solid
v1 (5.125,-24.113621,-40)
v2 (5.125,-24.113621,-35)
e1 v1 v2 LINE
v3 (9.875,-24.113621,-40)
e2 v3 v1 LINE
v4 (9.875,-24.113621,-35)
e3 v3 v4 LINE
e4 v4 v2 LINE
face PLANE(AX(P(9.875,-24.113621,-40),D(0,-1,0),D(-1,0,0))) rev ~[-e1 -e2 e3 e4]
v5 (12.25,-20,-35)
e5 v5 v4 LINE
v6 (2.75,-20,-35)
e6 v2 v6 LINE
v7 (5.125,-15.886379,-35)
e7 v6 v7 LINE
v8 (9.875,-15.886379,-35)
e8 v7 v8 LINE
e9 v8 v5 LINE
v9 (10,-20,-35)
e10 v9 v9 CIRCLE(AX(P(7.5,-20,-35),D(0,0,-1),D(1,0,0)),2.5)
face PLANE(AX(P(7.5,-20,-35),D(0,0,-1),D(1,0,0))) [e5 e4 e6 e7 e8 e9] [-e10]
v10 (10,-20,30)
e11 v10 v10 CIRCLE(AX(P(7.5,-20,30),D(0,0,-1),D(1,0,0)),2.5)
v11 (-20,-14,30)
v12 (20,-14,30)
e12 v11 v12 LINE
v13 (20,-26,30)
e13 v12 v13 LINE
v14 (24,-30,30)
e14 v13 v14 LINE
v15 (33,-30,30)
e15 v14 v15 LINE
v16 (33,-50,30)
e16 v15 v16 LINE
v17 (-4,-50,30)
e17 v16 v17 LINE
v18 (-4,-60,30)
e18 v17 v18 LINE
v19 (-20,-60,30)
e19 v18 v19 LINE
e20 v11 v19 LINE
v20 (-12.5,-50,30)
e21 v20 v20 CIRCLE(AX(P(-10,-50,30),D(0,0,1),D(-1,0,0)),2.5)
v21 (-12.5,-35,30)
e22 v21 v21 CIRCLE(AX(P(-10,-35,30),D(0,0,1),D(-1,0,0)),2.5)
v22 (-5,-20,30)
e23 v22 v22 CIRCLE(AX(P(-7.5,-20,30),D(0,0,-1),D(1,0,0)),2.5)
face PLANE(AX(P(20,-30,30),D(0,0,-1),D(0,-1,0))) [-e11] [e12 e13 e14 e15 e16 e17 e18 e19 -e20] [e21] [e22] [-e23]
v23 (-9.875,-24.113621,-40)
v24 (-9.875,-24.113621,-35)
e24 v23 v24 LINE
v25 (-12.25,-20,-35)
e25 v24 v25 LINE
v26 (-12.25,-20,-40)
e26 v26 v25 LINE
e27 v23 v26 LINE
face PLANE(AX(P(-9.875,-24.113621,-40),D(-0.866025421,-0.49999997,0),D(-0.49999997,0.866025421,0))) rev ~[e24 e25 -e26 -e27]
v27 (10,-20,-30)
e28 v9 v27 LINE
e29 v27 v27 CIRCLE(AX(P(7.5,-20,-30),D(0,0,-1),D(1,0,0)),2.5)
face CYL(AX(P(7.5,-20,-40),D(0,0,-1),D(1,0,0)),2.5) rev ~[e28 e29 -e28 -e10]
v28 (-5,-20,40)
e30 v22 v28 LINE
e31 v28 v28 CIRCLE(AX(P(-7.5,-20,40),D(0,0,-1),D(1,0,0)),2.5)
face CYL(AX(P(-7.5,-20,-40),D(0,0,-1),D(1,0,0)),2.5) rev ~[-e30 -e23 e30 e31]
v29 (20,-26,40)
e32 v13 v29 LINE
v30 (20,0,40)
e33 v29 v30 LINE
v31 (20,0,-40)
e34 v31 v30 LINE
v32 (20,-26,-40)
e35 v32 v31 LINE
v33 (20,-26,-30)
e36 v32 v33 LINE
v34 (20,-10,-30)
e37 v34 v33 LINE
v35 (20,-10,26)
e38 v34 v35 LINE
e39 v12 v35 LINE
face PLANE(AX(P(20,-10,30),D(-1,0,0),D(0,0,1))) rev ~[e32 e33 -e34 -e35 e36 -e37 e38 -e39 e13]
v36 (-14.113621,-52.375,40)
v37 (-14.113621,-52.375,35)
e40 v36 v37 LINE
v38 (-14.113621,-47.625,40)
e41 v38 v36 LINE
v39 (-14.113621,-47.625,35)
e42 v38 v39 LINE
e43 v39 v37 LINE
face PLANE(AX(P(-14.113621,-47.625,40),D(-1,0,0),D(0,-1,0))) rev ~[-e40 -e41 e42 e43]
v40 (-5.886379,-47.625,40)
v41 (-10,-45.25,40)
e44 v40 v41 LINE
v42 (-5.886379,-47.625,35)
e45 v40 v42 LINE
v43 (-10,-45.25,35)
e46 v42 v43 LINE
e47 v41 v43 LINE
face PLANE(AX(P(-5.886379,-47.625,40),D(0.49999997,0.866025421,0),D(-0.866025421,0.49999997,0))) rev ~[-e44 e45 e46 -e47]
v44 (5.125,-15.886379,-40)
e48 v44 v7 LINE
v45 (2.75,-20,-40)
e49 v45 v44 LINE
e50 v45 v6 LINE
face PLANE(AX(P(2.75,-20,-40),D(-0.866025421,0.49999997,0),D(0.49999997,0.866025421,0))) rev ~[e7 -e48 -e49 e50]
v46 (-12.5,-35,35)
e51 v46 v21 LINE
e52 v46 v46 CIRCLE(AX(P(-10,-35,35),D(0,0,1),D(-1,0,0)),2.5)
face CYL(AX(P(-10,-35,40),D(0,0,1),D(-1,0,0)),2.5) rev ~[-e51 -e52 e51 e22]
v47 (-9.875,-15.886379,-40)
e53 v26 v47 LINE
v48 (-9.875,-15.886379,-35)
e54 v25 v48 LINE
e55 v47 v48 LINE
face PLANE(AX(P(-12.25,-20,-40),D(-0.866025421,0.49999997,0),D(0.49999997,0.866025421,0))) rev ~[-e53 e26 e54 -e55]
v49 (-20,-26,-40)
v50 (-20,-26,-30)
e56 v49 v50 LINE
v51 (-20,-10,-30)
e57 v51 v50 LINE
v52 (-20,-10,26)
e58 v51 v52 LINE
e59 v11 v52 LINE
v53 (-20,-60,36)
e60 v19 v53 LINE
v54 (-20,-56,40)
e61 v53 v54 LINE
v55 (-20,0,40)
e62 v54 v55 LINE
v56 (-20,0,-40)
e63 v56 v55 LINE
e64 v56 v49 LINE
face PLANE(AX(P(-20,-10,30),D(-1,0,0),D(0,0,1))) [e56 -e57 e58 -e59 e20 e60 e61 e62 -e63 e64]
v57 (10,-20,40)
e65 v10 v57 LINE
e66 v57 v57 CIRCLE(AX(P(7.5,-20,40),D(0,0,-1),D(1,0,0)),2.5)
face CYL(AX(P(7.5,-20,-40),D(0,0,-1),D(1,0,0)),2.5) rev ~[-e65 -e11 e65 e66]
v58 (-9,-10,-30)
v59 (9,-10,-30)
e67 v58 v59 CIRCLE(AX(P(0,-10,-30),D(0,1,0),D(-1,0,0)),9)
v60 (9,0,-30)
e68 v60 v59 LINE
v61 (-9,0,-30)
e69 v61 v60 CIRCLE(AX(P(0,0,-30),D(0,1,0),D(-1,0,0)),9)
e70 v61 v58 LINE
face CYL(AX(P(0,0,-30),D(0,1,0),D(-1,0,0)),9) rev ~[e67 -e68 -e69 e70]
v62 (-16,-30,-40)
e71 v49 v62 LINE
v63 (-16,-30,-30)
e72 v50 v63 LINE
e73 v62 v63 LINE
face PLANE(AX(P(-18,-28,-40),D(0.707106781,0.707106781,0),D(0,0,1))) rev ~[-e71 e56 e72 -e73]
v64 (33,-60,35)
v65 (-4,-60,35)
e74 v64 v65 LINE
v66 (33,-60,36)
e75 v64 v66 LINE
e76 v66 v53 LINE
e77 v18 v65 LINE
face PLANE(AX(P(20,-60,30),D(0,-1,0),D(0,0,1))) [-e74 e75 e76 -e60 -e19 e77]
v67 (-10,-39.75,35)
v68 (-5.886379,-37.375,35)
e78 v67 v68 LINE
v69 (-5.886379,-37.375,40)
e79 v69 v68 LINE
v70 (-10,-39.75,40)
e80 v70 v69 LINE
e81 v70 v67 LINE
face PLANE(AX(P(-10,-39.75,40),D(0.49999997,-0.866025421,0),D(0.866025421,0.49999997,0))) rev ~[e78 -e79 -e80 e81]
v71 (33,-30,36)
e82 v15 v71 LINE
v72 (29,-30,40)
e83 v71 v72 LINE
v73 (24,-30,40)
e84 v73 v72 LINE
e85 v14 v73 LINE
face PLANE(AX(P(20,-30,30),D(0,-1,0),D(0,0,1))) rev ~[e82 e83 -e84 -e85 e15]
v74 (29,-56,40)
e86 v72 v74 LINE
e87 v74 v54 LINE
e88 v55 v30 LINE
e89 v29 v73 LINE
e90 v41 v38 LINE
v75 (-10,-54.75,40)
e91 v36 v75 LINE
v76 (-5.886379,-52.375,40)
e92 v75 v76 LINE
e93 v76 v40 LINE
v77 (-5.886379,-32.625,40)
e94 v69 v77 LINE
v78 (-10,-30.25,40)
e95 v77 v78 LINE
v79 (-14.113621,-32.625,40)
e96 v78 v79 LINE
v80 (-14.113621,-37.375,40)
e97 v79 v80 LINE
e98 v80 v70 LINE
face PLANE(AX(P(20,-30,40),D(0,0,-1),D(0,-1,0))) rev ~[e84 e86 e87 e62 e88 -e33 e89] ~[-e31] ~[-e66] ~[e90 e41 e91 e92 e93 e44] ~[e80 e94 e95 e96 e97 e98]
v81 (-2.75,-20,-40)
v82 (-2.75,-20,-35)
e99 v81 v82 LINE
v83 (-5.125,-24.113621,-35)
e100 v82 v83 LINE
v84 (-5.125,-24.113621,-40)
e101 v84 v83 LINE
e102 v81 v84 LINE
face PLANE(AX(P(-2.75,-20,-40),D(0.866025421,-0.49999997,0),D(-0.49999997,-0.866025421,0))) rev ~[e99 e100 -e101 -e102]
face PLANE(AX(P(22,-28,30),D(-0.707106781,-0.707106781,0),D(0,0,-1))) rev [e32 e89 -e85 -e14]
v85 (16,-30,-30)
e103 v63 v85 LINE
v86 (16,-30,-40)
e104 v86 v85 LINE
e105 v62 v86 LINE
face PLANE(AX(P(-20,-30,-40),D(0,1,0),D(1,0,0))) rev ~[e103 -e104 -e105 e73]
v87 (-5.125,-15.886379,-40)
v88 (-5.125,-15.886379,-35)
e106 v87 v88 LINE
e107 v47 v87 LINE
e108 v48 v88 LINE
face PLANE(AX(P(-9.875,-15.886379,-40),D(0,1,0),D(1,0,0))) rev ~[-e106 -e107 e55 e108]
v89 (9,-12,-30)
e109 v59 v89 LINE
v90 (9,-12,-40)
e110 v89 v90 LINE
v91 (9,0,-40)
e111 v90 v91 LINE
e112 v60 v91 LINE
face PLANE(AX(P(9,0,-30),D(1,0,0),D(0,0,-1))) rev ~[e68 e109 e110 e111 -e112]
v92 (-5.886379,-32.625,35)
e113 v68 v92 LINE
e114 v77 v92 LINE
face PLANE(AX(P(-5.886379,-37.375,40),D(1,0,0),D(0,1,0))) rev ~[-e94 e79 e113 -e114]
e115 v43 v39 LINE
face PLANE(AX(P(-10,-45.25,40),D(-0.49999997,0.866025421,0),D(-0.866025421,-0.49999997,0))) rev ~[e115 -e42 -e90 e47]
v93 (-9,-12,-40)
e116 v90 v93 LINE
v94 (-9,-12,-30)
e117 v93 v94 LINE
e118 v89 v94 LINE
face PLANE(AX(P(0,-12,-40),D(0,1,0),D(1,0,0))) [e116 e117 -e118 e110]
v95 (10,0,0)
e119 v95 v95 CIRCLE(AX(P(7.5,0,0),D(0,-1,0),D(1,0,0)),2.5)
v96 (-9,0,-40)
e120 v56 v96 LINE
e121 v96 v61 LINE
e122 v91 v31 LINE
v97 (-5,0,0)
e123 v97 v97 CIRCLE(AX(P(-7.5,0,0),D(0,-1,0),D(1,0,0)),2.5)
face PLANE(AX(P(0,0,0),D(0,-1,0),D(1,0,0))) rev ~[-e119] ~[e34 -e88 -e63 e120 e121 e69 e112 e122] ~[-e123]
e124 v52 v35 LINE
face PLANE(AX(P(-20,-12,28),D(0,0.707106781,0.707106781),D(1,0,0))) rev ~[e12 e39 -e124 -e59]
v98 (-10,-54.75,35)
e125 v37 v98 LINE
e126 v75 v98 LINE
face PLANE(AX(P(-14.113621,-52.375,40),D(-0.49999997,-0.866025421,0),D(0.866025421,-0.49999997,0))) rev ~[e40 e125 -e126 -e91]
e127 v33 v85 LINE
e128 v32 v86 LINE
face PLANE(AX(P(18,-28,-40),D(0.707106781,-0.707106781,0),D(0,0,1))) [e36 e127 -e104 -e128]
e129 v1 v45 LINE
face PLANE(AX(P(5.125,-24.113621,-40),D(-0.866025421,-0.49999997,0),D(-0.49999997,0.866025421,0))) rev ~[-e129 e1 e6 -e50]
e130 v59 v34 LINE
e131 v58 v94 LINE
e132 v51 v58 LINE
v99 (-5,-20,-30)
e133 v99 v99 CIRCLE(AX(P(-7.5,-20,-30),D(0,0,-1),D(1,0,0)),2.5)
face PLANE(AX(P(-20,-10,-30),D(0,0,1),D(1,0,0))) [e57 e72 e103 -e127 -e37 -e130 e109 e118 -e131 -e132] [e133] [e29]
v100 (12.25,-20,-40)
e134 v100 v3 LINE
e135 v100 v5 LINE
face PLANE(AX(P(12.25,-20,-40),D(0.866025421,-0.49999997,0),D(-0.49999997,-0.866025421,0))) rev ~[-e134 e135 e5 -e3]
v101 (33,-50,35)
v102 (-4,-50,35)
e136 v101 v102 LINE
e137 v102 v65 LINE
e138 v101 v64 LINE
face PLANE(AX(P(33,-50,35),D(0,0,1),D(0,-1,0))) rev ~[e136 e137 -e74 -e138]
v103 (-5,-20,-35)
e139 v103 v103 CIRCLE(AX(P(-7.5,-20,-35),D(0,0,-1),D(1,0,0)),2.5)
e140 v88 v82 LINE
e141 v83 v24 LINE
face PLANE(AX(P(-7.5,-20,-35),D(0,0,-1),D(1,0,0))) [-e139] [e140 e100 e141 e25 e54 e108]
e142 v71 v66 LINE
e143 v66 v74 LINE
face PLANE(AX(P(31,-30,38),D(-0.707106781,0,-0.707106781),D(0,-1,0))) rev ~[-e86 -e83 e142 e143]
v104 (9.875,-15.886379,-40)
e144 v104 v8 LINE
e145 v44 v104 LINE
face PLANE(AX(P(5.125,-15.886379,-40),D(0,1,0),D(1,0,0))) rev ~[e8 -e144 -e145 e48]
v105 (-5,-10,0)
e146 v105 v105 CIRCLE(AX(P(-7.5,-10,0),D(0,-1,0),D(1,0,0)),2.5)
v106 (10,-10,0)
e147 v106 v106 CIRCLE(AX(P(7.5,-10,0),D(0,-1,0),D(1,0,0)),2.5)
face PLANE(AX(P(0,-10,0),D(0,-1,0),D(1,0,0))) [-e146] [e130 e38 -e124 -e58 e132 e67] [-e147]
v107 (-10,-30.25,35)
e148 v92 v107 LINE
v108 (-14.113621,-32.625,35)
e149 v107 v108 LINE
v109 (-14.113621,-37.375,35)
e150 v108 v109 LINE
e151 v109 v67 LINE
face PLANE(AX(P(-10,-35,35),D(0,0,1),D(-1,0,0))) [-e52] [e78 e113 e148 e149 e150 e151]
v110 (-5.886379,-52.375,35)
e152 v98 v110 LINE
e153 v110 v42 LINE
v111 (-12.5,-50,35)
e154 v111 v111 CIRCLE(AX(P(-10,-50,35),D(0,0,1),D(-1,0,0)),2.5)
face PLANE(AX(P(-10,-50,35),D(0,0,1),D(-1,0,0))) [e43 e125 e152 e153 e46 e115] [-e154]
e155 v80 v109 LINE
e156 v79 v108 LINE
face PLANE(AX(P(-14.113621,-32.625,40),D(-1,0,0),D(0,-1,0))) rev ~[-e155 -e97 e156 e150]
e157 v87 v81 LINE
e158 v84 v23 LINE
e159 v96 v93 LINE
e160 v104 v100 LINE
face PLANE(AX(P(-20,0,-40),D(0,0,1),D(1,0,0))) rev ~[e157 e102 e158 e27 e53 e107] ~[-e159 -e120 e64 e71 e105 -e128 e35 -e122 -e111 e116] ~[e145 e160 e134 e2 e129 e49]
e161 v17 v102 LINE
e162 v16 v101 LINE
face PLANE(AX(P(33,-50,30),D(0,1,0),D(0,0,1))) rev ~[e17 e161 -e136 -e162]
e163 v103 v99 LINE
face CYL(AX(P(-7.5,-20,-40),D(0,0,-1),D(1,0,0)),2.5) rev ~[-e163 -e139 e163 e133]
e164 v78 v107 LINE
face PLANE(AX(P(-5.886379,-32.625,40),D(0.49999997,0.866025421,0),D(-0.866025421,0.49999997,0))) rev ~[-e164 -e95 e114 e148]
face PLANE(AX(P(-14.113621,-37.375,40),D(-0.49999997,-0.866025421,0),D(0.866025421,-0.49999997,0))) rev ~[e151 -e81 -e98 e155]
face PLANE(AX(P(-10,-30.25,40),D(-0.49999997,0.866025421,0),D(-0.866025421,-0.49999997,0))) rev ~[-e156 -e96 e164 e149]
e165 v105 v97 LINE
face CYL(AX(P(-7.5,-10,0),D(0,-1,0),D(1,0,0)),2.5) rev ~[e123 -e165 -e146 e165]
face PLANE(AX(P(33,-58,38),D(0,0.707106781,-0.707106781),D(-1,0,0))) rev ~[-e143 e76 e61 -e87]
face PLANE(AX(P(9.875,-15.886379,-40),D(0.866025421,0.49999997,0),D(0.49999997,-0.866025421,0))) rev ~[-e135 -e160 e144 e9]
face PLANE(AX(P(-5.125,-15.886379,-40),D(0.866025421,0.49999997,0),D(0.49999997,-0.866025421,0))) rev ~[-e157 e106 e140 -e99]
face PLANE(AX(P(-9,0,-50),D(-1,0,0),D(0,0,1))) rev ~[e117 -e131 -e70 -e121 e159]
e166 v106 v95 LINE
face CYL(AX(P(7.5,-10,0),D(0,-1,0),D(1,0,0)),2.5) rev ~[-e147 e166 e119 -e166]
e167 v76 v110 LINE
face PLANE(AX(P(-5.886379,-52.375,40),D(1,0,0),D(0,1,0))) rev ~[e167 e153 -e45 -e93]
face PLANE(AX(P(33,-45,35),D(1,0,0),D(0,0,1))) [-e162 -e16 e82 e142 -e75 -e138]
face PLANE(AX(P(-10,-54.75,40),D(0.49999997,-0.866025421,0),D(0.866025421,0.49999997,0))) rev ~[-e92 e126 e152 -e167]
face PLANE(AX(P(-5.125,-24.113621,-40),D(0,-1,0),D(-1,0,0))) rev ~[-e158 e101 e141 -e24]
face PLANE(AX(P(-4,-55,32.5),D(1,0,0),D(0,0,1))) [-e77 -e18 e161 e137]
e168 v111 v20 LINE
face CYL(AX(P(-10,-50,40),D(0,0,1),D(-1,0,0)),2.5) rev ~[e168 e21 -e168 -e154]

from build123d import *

# Parameters (mm, degrees)
SKETCH_W        = 40
SKETCH_H        = 80
PAD_DEPTH       = 10
SKETCH001_W     = 40
SKETCH001_H     = 10
PAD001_DEPTH    = 50
SKETCH002_R     = 2.5
POCKET_DEPTH    = 10
SKETCH003_R     = 2.5
POCKET001_DEPTH = 10
POCKET002_DEPTH = 5
SKETCH006_R     = 2.5
POCKET003_DEPTH = 84
SKETCH008_W     = 40
SKETCH008_H     = 30
POCKET005_DEPTH = 10
SKETCH010_W     = 10
SKETCH010_H     = 30
PAD002_DEPTH    = 13
POCKET006_DEPTH = 12
POCKET007_DEPTH = 5
SKETCH013_W     = 5
SKETCH013_H     = 10
POCKET008_DEPTH = 37
CHAMFER_SIZE    = 4


with BuildPart() as part:
    # Sketch → Pad (new body)
    with BuildSketch(Plane.XZ):
        Rectangle(SKETCH_W, SKETCH_H)
    extrude(amount=PAD_DEPTH)

    # Sketch001 (on Face6 of Pad) → Pad001 (join)
    with BuildSketch(Plane.XZ.offset(10)):
        with Locations((0, 35)):
            Rectangle(SKETCH001_W, SKETCH001_H)
        with Locations((0, -35)):
            Rectangle(SKETCH001_W, SKETCH001_H)
    extrude(amount=PAD001_DEPTH)

    # Sketch002 (on Face8 of Pad001) → Pocket (cut)
    with BuildSketch(Plane.XZ.offset(10)):
        with Locations((-7.5, 0)):
            Circle(SKETCH002_R)
        with Locations((7.5, 0)):
            Circle(SKETCH002_R)
    extrude(amount=-POCKET_DEPTH, mode=Mode.SUBTRACT)

    # Sketch003 (on Face5 of Pocket) → Pocket001 (cut)
    with BuildSketch(Plane(origin=(0, 0, 40), x_dir=(-1, 0, 0), z_dir=(0, 0, 1))):
        with Locations((10, 50)):
            Circle(SKETCH003_R)
        with Locations((10, 35)):
            Circle(SKETCH003_R)
    extrude(amount=-POCKET001_DEPTH, mode=Mode.SUBTRACT)

    # Sketch004 (on Face5 of Pocket001) → Pocket002 (cut)
    with BuildSketch(Plane(origin=(0, 0, 40), x_dir=(-1, 0, 0), z_dir=(0, 0, 1))):
        Polygon((14.113621, 47.625), (14.113621, 52.375), (10, 54.75), (5.886379, 52.375), (5.886379, 47.625), (10, 45.25), align=None)
        Polygon((14.113621, 32.625), (14.113621, 37.375), (10, 39.75), (5.886379, 37.375), (5.886379, 32.625), (10, 30.25), align=None)
    extrude(amount=-POCKET002_DEPTH, mode=Mode.SUBTRACT)

    # Sketch006 (on Face27 of Pocket002) → Pocket003 (cut)
    with BuildSketch(Plane(origin=(0, 0, -40), x_dir=(1, 0, 0), z_dir=(0, 0, -1))):
        with Locations((-7.5, 20)):
            Circle(SKETCH006_R)
        with Locations((7.5, 20)):
            Circle(SKETCH006_R)
    extrude(amount=-POCKET003_DEPTH, mode=Mode.SUBTRACT)

    # Sketch008 → Pocket005 (cut)
    with BuildSketch(Plane(origin=(0, 0, -40), x_dir=(1, 0, 0), z_dir=(0, 0, -1))):
        with Locations((0, 45)):
            Rectangle(SKETCH008_W, SKETCH008_H)
    extrude(amount=-POCKET005_DEPTH, mode=Mode.SUBTRACT)

    # Sketch010 → Pad002 (join)
    with BuildSketch(Plane(origin=(20, 0, 0), x_dir=(0, 0, 1), z_dir=(1, 0, 0))):
        with Locations((35, 45)):
            Rectangle(SKETCH010_W, SKETCH010_H)
    extrude(amount=PAD002_DEPTH)

    # Sketch011 → Pocket006 (cut)
    with BuildSketch(Plane(origin=(0, 0, 0), x_dir=(1, 0, 0), z_dir=(0, 1, 0))):
        with BuildLine():
            ThreePointArc((-9, 30), (0, 21), (9, 30))
            Line((9, 30), (9, 50))
            ThreePointArc((9, 50), (0, 59), (-9, 50))
            Line((-9, 50), (-9, 30))
        make_face()
    extrude(amount=-POCKET006_DEPTH, mode=Mode.SUBTRACT)

    # Sketch012 (on Face34 of Pocket006) → Pocket007 (cut)
    with BuildSketch(Plane(origin=(0, 0, -40), x_dir=(1, 0, 0), z_dir=(0, 0, -1))):
        Polygon((-2.75, 20), (-5.125, 24.113621), (-9.875, 24.113621), (-12.25, 20), (-9.875, 15.886379), (-5.125, 15.886379), align=None)
        Polygon((9.875, 15.886379), (12.25, 20), (9.875, 24.113621), (5.125, 24.113621), (2.75, 20), (5.125, 15.886379), align=None)
    extrude(amount=-POCKET007_DEPTH, mode=Mode.SUBTRACT)

    # Sketch013 (on Face41 of Pocket007) → Pocket008 (cut)
    with BuildSketch(Plane(origin=(33, 0, 0), x_dir=(0, 0, 1), z_dir=(1, 0, 0))):
        with Locations((32.5, 55)):
            Rectangle(SKETCH013_W, SKETCH013_H)
    extrude(amount=-POCKET008_DEPTH, mode=Mode.SUBTRACT)

    # Chamfer
    chamfer_edges = [part.edges().sort_by_distance(p)[0] for p in [
        (0, -10, 30),
        (20, -30, 35),
        (0, -60, 40),
        (26.5, -60, 40),
        (33, -45, 40),
        (20, -30, -35),
        (-20, -30, -35),
    ]]
    chamfer(chamfer_edges, length=CHAMFER_SIZE)


solid = part.part
